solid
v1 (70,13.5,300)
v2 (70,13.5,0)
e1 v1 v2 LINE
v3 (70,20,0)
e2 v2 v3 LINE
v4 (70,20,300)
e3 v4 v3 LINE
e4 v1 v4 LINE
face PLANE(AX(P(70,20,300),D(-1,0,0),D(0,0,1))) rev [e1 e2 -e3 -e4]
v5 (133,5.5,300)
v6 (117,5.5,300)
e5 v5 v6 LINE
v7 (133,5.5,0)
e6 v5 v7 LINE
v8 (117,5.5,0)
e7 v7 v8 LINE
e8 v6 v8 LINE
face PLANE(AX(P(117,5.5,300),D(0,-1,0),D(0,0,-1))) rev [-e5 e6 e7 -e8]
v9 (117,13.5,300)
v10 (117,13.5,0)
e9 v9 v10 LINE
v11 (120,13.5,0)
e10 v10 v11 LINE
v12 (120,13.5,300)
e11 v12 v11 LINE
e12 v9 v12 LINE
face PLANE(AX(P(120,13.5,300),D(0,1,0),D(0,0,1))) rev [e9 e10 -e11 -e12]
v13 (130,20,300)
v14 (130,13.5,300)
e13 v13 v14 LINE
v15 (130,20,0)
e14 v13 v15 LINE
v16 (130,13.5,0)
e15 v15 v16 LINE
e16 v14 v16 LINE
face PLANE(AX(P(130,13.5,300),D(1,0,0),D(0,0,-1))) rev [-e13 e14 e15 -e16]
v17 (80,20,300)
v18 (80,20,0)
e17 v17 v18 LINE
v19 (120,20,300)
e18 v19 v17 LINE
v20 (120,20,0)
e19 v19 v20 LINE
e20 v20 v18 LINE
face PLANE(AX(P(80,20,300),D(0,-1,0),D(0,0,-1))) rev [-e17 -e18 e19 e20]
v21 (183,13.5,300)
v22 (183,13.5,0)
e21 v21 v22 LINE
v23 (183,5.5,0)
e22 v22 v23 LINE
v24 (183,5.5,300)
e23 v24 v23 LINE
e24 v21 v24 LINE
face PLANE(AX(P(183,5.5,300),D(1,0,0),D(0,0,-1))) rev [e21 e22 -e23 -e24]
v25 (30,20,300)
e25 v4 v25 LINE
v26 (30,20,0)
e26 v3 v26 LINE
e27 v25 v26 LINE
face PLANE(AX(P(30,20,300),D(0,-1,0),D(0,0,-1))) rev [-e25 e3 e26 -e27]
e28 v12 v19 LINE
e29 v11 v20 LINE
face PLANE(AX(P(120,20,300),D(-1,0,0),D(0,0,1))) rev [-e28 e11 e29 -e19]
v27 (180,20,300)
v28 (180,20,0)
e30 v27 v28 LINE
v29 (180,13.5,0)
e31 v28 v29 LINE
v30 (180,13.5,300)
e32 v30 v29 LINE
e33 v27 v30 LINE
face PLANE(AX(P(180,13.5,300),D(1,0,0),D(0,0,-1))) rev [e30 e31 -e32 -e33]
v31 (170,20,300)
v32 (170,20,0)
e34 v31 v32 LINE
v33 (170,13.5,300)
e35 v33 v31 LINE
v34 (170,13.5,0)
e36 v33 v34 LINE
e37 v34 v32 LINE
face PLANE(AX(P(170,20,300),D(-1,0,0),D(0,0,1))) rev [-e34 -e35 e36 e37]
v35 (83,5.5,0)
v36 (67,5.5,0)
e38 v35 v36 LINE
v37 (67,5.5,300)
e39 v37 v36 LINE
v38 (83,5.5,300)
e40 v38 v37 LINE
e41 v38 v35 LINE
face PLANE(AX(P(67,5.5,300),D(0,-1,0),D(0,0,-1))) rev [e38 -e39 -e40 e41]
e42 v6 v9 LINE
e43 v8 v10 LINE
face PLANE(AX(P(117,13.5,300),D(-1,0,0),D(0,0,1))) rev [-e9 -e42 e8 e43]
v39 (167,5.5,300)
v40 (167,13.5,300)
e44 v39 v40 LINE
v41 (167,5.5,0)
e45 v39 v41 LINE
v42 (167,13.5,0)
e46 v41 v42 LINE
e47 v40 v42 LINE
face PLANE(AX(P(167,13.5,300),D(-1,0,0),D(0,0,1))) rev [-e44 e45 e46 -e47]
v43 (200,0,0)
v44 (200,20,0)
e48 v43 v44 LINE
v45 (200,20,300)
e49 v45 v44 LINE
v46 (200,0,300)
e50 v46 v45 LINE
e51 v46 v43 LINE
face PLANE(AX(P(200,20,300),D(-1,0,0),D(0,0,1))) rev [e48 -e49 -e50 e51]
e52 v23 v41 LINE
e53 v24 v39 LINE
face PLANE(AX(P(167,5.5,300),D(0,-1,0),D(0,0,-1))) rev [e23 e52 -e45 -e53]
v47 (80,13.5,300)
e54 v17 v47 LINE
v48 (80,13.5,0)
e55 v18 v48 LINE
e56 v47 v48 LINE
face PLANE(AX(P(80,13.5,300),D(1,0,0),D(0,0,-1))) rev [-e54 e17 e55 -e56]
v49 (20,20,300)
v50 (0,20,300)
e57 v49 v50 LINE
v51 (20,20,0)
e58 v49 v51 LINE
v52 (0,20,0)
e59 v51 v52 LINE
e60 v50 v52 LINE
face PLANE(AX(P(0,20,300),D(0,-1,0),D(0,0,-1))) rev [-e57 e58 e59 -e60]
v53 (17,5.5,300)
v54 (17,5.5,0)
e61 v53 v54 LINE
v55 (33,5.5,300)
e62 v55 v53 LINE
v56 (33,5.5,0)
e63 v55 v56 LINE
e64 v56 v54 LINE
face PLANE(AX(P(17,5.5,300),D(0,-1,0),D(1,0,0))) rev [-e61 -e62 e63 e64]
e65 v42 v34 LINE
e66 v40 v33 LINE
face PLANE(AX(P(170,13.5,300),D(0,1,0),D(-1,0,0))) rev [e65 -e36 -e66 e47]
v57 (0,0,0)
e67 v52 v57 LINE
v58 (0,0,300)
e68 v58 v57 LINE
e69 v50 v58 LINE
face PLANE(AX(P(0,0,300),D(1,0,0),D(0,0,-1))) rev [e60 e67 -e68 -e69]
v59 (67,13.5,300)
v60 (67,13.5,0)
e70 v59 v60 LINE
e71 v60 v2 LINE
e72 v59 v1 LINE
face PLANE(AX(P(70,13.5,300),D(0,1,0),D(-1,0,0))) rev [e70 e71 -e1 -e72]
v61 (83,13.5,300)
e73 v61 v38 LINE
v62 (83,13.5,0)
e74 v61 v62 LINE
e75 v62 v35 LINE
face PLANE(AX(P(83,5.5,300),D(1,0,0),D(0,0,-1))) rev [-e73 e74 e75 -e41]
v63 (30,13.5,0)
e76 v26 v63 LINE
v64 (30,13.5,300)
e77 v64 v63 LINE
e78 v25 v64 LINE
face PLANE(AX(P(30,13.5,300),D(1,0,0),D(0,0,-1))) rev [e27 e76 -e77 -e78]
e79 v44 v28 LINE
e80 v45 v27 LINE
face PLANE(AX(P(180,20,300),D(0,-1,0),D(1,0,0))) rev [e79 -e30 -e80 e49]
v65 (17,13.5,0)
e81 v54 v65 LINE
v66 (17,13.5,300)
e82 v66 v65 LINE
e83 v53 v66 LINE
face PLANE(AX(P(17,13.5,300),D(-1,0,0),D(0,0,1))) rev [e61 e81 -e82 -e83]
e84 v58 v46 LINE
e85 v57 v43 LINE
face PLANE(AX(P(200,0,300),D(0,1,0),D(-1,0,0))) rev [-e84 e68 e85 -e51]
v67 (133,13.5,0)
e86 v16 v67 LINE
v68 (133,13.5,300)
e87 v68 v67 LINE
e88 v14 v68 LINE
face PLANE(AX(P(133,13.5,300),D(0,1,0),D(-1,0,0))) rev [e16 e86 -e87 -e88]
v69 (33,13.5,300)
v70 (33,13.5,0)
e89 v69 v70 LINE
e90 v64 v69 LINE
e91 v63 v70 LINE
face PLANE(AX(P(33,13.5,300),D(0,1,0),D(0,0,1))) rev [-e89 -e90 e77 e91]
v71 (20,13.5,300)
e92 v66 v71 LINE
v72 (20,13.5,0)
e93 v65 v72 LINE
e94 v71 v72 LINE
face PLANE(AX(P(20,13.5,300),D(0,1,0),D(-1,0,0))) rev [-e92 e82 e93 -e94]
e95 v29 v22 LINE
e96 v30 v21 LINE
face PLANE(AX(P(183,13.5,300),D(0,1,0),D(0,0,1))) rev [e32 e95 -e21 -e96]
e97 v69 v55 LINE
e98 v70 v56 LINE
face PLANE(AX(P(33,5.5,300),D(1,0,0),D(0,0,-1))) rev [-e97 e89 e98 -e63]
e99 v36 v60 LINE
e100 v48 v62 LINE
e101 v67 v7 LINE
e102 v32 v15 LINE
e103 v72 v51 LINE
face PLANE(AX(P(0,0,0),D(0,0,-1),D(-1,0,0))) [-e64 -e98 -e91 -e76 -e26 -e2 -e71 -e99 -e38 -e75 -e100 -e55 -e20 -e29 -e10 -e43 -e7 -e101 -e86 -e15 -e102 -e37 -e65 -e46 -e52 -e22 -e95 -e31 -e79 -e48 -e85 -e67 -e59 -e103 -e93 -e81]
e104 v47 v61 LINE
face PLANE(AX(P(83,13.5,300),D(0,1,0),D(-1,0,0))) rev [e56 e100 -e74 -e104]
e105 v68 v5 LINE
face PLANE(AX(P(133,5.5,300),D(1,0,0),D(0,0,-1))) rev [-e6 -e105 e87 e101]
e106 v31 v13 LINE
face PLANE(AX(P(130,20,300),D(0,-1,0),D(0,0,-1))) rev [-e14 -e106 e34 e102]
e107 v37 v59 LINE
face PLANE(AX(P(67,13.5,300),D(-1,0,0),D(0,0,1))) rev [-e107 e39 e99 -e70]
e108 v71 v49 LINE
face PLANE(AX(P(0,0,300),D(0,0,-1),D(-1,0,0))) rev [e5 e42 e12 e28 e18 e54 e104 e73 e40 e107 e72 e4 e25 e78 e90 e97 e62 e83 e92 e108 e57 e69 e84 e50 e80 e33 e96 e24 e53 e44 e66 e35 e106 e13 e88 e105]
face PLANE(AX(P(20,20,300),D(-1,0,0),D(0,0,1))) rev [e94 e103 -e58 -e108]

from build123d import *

# Parameters (mm, degrees)
AUFSATZ_LINEAR_AUSTRAGEN1_DEPTH = 300


with BuildPart() as part:
    # Skizze1 → Aufsatz-Linear austragen1 (new body)
    with BuildSketch(Plane.XY):
        Polygon((0, 0), (0, 20), (20, 20), (20, 13.5), (17, 13.5), (17, 5.5), (33, 5.5), (33, 13.5), (30, 13.5), (30, 20), (70, 20), (70, 13.5), (67, 13.5), (67, 5.5), (83, 5.5), (83, 13.5), (80, 13.5), (80, 20), (120, 20), (120, 13.5), (117, 13.5), (117, 5.5), (133, 5.5), (133, 13.5), (130, 13.5), (130, 20), (170, 20), (170, 13.5), (167, 13.5), (167, 5.5), (183, 5.5), (183, 13.5), (180, 13.5), (180, 20), (200, 20), (200, 0), align=None)
    extrude(amount=AUFSATZ_LINEAR_AUSTRAGEN1_DEPTH)


solid = part.part
